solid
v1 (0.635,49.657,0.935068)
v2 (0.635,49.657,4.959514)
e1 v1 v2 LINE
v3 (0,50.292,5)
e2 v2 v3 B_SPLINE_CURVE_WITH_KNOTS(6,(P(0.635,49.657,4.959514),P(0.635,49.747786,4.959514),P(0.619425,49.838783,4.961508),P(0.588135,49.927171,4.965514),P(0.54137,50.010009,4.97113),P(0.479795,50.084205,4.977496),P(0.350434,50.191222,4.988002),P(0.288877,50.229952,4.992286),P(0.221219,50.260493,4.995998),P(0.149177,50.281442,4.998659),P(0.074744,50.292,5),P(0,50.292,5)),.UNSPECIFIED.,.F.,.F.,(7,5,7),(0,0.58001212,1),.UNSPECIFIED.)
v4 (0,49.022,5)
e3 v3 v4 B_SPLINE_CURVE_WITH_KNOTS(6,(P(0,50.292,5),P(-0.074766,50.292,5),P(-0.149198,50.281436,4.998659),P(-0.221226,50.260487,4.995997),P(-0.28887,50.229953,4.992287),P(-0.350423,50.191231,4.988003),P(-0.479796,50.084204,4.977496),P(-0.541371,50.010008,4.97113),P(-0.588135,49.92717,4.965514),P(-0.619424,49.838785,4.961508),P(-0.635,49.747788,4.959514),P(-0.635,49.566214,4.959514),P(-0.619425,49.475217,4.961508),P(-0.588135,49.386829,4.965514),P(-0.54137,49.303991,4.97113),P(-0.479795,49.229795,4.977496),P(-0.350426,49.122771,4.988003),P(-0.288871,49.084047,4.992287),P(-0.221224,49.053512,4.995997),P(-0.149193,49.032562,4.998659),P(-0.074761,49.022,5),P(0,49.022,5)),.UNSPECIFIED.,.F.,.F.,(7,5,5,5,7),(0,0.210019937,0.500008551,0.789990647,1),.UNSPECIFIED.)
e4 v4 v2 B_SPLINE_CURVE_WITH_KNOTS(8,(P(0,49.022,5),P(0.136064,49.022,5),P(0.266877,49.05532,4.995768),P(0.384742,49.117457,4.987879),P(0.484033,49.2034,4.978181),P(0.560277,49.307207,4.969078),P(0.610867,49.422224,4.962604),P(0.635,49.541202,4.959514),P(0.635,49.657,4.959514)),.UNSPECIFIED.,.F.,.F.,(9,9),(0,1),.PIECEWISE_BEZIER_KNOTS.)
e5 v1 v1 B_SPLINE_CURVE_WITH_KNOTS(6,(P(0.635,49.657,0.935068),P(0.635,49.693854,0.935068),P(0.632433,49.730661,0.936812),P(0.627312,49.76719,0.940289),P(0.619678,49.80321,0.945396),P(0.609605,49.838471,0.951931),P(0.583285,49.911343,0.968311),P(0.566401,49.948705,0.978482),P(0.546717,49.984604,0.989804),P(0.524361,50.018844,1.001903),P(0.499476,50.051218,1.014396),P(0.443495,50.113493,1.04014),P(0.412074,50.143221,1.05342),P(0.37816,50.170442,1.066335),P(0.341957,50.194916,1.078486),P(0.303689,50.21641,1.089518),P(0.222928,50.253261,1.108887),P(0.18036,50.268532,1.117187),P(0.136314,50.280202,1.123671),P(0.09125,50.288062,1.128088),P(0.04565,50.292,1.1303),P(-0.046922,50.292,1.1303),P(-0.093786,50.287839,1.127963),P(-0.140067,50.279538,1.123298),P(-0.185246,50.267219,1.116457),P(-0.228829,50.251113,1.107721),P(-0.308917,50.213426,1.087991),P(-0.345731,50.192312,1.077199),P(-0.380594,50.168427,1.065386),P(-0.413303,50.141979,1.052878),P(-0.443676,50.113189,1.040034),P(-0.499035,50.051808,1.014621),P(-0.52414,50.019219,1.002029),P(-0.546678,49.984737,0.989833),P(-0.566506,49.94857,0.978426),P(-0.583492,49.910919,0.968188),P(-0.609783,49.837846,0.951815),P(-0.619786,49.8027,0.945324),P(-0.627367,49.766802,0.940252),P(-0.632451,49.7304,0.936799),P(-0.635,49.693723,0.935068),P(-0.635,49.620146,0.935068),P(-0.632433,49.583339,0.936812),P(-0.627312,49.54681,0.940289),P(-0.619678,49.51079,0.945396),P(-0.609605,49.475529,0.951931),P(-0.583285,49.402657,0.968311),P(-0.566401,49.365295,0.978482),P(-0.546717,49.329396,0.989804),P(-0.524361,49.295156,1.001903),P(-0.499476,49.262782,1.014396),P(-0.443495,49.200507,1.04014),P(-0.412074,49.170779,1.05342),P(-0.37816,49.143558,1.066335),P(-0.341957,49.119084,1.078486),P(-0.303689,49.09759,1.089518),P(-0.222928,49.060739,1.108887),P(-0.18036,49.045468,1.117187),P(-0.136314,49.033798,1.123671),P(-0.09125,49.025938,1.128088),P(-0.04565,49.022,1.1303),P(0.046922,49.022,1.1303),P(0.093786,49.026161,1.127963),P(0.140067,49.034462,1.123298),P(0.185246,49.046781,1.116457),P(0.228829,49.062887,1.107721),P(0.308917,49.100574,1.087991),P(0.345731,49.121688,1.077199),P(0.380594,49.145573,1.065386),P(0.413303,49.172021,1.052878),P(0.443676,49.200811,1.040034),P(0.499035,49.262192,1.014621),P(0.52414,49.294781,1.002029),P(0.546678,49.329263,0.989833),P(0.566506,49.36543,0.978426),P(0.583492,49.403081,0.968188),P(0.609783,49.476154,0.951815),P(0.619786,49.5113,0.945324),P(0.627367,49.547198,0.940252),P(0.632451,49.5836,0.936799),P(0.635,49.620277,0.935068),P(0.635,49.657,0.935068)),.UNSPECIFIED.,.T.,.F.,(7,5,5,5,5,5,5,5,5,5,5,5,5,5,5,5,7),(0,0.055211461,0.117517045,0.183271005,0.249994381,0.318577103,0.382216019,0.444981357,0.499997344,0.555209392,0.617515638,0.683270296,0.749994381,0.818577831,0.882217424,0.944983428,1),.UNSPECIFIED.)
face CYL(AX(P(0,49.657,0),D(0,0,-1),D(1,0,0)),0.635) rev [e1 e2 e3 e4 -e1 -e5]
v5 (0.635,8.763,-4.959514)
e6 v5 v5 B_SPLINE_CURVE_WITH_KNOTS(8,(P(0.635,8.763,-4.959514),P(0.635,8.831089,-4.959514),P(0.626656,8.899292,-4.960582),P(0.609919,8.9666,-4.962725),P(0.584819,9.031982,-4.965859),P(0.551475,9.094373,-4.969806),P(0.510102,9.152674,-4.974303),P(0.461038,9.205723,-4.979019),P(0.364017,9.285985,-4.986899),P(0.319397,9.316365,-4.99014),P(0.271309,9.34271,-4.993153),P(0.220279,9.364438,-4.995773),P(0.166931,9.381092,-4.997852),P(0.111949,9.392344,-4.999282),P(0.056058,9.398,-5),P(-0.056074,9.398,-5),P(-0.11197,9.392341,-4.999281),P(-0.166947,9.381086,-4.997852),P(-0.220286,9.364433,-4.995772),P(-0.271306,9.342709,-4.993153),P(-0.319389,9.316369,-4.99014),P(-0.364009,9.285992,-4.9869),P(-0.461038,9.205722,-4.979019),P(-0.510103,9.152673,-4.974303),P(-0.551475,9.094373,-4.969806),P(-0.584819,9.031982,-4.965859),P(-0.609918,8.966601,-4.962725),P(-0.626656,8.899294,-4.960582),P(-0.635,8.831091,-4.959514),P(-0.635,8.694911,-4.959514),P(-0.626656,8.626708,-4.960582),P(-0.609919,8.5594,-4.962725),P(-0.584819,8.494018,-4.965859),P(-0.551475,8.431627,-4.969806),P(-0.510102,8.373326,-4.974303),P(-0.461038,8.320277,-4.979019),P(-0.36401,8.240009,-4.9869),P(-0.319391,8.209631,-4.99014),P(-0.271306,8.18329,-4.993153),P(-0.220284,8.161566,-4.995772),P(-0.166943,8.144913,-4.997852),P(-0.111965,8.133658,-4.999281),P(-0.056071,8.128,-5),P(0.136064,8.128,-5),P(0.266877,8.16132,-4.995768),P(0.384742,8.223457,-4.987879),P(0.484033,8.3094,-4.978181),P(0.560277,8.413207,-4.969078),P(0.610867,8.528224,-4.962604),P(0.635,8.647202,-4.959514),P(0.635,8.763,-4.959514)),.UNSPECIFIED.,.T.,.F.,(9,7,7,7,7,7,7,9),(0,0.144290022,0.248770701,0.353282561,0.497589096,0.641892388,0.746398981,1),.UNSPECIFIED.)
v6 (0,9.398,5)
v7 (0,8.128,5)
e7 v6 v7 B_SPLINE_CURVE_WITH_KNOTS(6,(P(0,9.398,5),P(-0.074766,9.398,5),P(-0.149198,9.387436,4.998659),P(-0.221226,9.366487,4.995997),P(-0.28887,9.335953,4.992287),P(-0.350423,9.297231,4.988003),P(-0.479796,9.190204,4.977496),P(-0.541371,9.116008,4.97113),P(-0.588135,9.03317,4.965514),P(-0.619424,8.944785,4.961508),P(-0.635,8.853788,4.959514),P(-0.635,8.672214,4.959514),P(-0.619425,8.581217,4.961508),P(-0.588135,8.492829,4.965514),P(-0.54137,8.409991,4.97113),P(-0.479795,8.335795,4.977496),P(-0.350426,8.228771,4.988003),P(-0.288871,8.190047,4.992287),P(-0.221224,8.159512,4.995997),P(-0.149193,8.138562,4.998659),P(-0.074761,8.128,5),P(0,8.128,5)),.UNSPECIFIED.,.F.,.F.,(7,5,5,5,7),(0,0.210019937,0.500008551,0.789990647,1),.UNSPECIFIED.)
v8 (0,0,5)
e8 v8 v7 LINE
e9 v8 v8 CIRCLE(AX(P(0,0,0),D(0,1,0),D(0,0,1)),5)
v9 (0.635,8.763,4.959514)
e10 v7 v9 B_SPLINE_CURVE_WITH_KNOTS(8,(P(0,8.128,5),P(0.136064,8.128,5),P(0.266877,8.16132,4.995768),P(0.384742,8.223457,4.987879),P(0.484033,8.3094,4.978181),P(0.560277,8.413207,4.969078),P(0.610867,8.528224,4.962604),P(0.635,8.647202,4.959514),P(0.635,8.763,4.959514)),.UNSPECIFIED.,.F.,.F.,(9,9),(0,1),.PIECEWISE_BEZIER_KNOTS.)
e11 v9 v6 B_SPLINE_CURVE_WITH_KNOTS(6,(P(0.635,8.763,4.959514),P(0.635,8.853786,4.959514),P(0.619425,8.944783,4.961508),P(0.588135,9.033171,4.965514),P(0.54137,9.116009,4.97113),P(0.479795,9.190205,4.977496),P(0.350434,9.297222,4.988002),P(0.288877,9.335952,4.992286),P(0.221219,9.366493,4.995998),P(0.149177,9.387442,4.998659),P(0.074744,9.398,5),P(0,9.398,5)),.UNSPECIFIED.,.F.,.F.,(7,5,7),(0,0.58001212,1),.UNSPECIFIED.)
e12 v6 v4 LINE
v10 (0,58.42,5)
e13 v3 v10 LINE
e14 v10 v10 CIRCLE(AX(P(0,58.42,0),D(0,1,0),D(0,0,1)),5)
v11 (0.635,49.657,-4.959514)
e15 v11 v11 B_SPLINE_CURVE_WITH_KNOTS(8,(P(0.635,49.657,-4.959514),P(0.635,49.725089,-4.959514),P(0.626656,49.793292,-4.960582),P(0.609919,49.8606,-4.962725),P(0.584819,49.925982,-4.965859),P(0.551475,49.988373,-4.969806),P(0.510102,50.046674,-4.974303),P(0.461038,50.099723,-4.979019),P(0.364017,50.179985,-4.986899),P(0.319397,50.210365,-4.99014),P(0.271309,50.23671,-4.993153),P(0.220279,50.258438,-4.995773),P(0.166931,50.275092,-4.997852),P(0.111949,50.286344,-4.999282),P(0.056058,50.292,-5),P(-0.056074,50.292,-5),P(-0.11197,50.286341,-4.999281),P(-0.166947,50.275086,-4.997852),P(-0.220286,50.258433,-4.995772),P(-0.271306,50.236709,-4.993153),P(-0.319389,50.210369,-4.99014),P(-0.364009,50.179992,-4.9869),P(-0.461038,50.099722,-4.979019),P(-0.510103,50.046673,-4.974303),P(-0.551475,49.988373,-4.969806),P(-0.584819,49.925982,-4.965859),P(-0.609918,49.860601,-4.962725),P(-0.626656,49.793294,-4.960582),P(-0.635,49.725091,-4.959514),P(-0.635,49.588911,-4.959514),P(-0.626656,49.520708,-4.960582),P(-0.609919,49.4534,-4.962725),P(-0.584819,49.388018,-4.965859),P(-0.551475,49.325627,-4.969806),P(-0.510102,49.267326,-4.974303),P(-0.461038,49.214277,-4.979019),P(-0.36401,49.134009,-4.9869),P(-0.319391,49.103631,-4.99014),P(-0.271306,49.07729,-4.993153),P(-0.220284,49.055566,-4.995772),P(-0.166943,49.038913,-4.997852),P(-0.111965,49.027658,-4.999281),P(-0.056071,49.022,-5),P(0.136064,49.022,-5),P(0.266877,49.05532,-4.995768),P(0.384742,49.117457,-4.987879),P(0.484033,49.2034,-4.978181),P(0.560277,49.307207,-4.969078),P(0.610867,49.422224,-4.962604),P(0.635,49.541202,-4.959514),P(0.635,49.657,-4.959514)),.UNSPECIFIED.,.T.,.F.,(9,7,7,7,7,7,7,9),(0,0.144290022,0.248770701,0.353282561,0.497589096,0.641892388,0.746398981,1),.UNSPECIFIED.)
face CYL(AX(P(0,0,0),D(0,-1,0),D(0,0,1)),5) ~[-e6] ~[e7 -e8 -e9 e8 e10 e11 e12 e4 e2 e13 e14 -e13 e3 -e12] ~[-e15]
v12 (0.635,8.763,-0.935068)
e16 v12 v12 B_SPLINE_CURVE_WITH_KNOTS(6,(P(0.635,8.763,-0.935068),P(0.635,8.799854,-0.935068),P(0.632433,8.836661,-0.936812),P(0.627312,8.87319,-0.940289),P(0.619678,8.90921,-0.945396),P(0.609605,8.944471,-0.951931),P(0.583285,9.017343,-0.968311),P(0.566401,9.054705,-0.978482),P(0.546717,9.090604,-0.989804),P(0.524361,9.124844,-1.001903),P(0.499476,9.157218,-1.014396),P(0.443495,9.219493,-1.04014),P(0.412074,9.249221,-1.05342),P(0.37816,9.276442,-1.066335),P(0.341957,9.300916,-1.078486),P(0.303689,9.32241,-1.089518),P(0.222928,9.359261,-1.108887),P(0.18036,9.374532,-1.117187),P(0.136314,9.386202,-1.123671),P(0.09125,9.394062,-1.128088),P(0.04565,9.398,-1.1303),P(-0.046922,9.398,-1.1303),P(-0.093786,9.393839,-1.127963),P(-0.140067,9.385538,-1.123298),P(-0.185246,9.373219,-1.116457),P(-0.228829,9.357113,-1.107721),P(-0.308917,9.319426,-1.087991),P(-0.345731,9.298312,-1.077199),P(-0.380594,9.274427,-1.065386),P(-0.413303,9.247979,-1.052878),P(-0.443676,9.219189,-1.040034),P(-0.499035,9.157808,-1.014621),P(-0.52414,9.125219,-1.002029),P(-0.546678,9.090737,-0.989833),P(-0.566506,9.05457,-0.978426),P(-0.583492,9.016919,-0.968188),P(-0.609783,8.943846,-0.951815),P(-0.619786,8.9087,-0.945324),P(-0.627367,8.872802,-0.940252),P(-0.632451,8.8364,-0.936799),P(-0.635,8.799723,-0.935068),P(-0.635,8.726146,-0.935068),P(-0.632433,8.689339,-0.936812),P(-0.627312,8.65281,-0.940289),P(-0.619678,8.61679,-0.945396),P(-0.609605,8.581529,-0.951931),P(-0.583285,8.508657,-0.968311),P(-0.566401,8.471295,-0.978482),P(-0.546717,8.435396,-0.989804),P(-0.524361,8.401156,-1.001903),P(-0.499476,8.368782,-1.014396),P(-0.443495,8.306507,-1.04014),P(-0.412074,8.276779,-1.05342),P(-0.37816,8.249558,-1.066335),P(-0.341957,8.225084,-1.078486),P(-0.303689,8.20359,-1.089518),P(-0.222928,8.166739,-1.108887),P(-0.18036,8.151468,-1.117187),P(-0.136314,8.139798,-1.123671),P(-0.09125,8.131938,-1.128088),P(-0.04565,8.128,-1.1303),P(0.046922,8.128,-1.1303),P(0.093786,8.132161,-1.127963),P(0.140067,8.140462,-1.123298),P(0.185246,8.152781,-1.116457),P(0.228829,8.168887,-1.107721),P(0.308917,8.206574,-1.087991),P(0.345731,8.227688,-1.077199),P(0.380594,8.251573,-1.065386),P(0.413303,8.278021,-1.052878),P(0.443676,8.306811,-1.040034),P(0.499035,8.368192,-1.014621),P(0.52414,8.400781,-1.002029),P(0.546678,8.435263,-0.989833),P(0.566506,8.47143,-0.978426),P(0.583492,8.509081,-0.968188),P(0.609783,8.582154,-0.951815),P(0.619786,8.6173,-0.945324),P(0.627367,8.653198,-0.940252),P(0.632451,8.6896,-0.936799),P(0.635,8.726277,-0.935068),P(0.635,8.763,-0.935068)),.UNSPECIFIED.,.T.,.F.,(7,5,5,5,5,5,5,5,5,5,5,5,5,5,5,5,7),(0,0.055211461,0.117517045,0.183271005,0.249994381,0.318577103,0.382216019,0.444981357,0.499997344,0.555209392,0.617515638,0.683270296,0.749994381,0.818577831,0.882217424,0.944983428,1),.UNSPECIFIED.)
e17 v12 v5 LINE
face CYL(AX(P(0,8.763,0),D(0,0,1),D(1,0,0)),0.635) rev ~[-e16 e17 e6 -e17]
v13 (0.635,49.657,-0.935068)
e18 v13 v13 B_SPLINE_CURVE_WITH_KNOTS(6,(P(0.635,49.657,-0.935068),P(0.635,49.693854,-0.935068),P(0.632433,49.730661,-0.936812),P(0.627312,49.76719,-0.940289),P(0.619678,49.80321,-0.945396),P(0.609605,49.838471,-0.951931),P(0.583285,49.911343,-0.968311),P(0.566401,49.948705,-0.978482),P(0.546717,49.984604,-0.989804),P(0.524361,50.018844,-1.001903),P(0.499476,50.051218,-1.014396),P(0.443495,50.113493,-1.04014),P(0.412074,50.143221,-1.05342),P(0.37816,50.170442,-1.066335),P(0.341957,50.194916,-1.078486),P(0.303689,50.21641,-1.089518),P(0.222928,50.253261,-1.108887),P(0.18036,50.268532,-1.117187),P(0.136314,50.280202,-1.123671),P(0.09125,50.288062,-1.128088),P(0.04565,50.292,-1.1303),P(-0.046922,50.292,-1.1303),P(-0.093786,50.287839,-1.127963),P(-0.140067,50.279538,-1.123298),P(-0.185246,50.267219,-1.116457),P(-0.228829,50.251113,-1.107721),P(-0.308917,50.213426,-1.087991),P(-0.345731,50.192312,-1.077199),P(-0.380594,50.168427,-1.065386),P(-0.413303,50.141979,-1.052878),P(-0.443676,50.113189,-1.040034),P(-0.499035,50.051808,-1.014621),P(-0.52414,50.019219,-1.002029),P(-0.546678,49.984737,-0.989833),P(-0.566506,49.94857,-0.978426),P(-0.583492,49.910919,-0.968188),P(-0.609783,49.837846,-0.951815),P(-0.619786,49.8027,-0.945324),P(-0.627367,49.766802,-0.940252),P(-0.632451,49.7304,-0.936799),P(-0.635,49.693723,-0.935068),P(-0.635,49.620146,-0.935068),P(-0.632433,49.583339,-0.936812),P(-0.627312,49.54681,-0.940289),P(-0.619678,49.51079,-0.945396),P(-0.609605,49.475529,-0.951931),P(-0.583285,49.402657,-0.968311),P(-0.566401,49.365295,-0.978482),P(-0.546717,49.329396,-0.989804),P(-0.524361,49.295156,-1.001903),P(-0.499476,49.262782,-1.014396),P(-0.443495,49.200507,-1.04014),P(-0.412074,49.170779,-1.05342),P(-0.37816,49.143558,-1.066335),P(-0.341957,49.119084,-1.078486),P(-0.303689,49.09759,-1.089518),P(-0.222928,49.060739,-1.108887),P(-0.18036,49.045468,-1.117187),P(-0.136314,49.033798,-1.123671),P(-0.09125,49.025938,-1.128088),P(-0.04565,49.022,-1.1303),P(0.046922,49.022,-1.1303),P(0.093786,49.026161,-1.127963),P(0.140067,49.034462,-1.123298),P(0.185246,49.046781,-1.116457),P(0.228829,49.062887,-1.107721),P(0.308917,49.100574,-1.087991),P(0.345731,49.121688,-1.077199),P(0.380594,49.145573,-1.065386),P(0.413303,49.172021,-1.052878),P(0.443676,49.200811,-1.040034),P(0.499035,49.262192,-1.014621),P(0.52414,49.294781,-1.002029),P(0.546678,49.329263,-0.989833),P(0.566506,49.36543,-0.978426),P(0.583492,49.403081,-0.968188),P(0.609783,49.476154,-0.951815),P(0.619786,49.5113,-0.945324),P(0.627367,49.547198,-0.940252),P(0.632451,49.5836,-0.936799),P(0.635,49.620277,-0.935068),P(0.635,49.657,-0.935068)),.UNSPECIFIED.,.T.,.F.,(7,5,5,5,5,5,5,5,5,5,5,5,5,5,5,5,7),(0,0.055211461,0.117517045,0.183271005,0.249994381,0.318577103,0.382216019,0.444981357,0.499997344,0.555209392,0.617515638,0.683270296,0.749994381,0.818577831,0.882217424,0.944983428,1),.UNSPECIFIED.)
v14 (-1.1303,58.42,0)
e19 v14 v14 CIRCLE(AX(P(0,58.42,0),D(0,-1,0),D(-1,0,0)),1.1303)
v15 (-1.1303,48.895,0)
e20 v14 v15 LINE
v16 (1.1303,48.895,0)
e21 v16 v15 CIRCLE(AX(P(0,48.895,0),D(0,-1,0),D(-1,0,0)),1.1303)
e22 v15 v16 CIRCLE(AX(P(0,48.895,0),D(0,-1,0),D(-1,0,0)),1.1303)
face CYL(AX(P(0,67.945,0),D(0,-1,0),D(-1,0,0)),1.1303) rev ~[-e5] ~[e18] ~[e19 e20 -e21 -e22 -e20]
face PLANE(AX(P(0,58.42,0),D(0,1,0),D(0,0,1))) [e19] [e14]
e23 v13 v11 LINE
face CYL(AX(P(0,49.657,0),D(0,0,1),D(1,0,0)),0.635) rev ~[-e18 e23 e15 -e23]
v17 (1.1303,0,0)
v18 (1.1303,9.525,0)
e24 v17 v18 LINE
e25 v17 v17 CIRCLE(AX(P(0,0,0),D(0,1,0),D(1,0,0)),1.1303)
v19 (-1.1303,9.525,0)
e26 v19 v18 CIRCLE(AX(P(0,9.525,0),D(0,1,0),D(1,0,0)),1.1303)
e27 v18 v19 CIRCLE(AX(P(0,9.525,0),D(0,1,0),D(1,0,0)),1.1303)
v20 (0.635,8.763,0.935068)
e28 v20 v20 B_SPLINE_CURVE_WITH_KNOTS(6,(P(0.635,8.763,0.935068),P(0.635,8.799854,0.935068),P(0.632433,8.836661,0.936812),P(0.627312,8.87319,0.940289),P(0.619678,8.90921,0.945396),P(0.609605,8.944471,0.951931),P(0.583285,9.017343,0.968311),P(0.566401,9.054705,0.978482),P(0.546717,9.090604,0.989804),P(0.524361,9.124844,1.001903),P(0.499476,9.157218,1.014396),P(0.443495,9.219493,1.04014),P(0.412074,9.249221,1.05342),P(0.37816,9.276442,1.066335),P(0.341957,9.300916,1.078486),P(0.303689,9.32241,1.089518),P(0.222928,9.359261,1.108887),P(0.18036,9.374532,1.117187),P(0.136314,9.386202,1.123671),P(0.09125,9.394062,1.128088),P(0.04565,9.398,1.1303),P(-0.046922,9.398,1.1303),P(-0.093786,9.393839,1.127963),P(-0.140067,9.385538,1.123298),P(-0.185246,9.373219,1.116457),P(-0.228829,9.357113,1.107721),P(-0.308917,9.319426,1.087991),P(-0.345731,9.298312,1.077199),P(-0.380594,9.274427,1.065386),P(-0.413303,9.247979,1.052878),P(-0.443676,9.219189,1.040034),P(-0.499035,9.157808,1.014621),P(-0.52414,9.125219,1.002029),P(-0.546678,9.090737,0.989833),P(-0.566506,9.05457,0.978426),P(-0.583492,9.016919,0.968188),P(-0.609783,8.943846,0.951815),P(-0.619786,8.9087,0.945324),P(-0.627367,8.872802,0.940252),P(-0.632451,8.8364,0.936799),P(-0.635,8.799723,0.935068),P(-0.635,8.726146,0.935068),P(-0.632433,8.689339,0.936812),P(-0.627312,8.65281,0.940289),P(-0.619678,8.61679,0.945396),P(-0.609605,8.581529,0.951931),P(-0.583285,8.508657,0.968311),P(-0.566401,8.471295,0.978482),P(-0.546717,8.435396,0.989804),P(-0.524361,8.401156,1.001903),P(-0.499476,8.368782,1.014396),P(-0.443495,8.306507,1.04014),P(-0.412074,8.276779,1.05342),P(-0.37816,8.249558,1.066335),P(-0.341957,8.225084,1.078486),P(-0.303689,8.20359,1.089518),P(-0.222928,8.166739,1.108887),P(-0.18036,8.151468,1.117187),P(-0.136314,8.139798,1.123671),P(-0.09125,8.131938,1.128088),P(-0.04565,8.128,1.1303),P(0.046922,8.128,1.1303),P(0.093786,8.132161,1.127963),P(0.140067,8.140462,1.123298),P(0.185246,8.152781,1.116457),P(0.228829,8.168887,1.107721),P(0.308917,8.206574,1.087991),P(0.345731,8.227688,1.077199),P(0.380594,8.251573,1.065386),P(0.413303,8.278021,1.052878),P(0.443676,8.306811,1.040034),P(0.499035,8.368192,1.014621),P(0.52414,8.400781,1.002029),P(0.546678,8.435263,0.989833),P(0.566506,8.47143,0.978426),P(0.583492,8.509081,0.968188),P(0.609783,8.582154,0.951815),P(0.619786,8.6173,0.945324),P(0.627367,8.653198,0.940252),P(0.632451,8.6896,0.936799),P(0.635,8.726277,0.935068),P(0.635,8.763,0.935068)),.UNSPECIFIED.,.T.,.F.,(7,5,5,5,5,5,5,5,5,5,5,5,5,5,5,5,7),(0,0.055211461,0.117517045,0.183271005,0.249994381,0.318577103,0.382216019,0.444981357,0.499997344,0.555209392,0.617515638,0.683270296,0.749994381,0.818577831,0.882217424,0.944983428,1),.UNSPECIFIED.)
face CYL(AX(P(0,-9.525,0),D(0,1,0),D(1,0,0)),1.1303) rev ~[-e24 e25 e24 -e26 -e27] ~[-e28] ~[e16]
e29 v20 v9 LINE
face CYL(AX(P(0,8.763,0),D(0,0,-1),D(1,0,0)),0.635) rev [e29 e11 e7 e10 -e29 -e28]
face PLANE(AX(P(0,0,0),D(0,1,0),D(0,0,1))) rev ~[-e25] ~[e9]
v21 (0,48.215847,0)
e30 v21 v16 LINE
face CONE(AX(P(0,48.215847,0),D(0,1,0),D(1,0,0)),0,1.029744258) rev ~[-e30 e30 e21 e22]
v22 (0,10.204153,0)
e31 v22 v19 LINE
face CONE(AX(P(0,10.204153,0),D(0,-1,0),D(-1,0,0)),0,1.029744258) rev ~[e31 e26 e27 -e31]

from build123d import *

# Parameters (mm, degrees)
SKETCH1_R                 = 5
BOSS_EXTRUDE1_DEPTH       = 58.42
F_4_40_TAPPED_HOLE1_D     = 2.2606
F_4_40_TAPPED_HOLE1_DEPTH = 9.525
F_4_40_TAPPED_HOLE1_TIP   = 0.679152758
F_4_40_TAPPED_HOLE2_D     = 2.2606
F_4_40_TAPPED_HOLE2_DEPTH = 9.525
F_4_40_TAPPED_HOLE2_TIP   = 0.679152758
SKETCH7_R                 = 0.635
CUT_EXTRUDE1_DEPTH        = 6
CUT_EXTRUDE1_DEPTH_BACK   = 6


with BuildPart() as part:
    # Sketch1 → Boss-Extrude1 (new body)
    with BuildSketch(Plane(origin=(0, 0, 0), x_dir=(1, 0, 0), z_dir=(0, 1, 0))):
        with Locations(Location((0, 0, 0), (0, 0, 270))):  # turned: the seam where the file's is
            Circle(SKETCH1_R)
    extrude(amount=BOSS_EXTRUDE1_DEPTH)

    # #4-40 Tapped Hole1
    with Locations(Plane(origin=(0, 58.42, 0), x_dir=(1, 0, 0), z_dir=(0, 1, 0))):
        with Locations((0, 0)):
            Hole(F_4_40_TAPPED_HOLE1_D / 2, depth=F_4_40_TAPPED_HOLE1_DEPTH)
            with Locations((0, 0, -(F_4_40_TAPPED_HOLE1_DEPTH + F_4_40_TAPPED_HOLE1_TIP / 2))):  # 118° drill point
                Cone(0, F_4_40_TAPPED_HOLE1_D / 2, F_4_40_TAPPED_HOLE1_TIP, mode=Mode.SUBTRACT)

    # #4-40 Tapped Hole2
    with Locations(Plane(origin=(0, 0, 0), x_dir=(-1, 0, 0), z_dir=(0, -1, 0))):
        with Locations((0, 0)):
            Hole(F_4_40_TAPPED_HOLE2_D / 2, depth=F_4_40_TAPPED_HOLE2_DEPTH)
            with Locations((0, 0, -(F_4_40_TAPPED_HOLE2_DEPTH + F_4_40_TAPPED_HOLE2_TIP / 2))):  # 118° drill point
                Cone(0, F_4_40_TAPPED_HOLE2_D / 2, F_4_40_TAPPED_HOLE2_TIP, mode=Mode.SUBTRACT)

    # Sketch7 → Cut-Extrude1 (cut, two sides)
    with BuildSketch(Plane.XY) as cut_extrude1_sk:
        with Locations((0, 49.657)):
            Circle(SKETCH7_R)
        with Locations((0, 8.763)):
            Circle(SKETCH7_R)
    extrude(amount=CUT_EXTRUDE1_DEPTH, mode=Mode.SUBTRACT)
    extrude(cut_extrude1_sk.sketch, amount=-CUT_EXTRUDE1_DEPTH_BACK, mode=Mode.SUBTRACT)


solid = part.part
